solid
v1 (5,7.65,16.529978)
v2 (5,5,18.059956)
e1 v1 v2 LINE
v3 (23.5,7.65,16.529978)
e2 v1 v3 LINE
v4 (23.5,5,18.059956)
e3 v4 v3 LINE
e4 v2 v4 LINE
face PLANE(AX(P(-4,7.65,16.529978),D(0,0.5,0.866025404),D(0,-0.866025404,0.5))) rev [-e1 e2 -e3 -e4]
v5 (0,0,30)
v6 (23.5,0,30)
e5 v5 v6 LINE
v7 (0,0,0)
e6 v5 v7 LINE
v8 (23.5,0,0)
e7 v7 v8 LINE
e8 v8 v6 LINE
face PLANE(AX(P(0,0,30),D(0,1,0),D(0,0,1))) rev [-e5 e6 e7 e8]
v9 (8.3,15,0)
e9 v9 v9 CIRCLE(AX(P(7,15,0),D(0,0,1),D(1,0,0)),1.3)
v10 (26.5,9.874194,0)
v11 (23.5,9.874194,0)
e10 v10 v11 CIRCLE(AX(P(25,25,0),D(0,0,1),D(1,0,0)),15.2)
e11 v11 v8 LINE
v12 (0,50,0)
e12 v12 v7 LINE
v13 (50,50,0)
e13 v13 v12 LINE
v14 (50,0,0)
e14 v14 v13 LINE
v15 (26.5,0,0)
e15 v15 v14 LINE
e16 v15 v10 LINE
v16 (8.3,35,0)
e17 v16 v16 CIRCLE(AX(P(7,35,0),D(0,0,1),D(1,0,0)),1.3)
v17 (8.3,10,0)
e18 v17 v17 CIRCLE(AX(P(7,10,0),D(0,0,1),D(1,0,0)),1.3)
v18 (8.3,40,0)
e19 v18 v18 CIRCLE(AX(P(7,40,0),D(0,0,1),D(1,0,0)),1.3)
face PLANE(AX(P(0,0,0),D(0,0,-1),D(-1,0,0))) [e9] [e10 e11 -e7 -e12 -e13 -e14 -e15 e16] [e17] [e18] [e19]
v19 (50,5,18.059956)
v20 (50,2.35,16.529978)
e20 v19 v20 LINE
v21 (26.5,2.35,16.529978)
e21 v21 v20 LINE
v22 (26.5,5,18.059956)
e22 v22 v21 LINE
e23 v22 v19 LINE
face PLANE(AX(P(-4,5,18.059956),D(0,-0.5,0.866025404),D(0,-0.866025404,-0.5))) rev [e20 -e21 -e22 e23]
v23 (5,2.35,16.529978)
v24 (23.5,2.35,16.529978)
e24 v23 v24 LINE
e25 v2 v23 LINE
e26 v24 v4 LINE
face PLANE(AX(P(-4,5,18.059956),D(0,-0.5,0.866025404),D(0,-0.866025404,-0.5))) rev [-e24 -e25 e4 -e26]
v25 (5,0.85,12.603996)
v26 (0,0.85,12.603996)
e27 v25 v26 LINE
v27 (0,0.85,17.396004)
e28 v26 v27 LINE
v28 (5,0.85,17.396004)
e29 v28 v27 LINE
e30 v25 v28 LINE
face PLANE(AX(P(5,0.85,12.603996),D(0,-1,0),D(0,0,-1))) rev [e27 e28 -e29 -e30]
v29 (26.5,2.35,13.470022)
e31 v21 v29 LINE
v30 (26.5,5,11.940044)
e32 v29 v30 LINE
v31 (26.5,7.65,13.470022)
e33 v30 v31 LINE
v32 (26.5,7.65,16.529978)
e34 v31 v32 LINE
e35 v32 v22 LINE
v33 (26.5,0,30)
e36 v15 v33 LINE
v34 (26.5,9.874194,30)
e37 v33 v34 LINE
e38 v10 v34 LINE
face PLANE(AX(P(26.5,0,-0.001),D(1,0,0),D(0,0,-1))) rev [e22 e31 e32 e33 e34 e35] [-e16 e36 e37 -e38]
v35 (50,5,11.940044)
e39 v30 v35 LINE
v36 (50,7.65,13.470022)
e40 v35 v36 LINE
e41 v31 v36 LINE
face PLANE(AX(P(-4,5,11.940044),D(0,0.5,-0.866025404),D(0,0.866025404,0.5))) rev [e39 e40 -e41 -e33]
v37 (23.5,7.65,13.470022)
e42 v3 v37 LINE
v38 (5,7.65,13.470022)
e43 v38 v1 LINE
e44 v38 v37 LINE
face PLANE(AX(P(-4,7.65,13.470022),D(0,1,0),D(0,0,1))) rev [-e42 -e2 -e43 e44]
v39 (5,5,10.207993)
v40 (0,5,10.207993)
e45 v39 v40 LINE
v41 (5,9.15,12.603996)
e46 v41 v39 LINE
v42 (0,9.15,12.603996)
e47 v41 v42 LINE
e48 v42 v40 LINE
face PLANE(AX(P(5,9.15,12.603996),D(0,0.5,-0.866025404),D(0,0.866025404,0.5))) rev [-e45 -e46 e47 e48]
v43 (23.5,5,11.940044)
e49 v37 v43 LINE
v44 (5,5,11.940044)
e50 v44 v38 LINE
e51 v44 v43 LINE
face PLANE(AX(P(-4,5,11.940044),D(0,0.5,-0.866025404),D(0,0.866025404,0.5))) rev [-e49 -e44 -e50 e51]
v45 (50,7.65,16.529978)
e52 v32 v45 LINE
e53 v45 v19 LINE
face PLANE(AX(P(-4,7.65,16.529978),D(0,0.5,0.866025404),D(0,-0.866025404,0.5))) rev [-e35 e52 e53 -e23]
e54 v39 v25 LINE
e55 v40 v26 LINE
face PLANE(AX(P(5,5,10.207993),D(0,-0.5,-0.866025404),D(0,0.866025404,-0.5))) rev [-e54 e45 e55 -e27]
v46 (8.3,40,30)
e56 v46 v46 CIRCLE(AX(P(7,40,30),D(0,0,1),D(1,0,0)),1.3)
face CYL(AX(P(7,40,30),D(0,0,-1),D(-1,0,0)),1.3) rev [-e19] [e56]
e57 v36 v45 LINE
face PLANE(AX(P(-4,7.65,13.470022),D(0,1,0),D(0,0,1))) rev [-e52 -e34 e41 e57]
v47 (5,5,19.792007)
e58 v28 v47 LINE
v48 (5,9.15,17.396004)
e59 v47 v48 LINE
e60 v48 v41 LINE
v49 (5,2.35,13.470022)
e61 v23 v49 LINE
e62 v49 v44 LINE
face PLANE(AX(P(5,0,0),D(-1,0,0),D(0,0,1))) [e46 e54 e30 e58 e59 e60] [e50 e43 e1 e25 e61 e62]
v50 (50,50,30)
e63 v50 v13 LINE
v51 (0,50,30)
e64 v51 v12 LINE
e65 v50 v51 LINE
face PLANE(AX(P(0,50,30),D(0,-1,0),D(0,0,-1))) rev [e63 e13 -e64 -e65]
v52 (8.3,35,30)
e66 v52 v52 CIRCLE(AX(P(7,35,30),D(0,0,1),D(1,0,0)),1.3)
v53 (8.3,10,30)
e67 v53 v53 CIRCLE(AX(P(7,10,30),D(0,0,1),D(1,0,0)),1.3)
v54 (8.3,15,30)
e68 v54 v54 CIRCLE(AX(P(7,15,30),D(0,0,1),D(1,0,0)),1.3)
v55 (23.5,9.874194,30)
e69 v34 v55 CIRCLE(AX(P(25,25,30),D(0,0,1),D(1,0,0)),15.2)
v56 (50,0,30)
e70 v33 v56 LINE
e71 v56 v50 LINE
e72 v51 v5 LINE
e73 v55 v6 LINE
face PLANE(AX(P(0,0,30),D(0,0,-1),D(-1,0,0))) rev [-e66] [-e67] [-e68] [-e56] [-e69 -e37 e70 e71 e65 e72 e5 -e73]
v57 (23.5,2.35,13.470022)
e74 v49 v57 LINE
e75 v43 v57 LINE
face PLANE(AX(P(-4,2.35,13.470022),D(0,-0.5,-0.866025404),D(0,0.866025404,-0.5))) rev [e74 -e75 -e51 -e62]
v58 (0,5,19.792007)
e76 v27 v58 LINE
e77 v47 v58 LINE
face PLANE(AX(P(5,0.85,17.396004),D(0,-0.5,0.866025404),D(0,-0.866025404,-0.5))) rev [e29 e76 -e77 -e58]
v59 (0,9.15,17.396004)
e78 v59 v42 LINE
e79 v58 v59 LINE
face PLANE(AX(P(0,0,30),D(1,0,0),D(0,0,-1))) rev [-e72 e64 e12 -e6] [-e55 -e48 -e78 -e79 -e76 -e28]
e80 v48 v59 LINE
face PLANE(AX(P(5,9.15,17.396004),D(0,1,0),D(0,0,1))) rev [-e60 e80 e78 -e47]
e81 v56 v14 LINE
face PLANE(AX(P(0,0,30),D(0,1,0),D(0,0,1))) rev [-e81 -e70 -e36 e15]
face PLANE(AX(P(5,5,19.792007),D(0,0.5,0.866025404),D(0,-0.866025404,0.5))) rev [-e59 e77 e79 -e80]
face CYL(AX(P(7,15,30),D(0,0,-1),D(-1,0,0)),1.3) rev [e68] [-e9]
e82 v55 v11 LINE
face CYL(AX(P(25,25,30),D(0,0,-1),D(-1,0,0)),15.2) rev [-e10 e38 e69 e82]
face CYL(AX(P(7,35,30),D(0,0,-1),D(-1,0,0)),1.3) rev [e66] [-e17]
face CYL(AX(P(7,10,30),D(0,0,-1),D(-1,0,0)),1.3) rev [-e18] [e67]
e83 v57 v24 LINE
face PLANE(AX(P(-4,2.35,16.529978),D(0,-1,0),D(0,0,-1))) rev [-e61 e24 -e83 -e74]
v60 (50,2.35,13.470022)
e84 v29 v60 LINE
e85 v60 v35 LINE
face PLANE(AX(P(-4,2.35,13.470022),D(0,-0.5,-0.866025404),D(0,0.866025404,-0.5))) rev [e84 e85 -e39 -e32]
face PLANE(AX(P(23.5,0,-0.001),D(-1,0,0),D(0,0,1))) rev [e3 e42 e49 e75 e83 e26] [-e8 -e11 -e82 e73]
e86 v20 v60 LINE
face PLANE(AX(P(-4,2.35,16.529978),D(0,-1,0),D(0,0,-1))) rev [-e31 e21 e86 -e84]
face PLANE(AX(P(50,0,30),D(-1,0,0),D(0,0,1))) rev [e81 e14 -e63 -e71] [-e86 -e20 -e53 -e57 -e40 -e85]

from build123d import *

# Parameters (mm, degrees)
SKETCH1_W           = 50
SKETCH1_H           = 50
SKETCH1_R           = 15.2
SKETCH1_R_2         = 1.3
BOSS_EXTRUDE1_DEPTH = 30
CUT_EXTRUDE1_REACH  = 32
SKETCH2_W           = 3
SKETCH2_H           = 11.709133009
CUT_EXTRUDE2_DEPTH  = 54
CUT_EXTRUDE3_DEPTH  = 5


with BuildPart() as part:
    # Sketch1 → Boss-Extrude1 (new body)
    with BuildSketch(Plane.XY):
        with Locations((25, 25)):
            Rectangle(SKETCH1_W, SKETCH1_H)
        with Locations((25, 25)):
            Circle(SKETCH1_R, mode=Mode.SUBTRACT)
        with Locations((7, 15)):
            Circle(SKETCH1_R_2, mode=Mode.SUBTRACT)
        with Locations((7, 40)):
            Circle(SKETCH1_R_2, mode=Mode.SUBTRACT)
        with Locations((7, 10)):
            Circle(SKETCH1_R_2, mode=Mode.SUBTRACT)
        with Locations((7, 35)):
            Circle(SKETCH1_R_2, mode=Mode.SUBTRACT)
    extrude(amount=BOSS_EXTRUDE1_DEPTH)

    # Sketch2 → Cut-Extrude1 (cut, up to next)
    with BuildSketch(Plane.XY.offset(30), mode=Mode.PRIVATE) as cut_extrude1_sk1:
        with Locations((25, 5.854566505)):
            Rectangle(SKETCH2_W, SKETCH2_H)
    cut_extrude1_tool1 = extrude(cut_extrude1_sk1.sketch, amount=-CUT_EXTRUDE1_REACH, mode=Mode.PRIVATE) & part.part
    add(cut_extrude1_tool1.solids().sort_by_distance((25, 5.854567, 30))[0], mode=Mode.SUBTRACT)

    # Sketch3 → Cut-Extrude2 (cut)
    with BuildSketch(Plane(origin=(50, 0, 0), x_dir=(0, 0, -1), z_dir=(1, 0, 0))):
        Polygon((-11.940043573, 5), (-13.470021787, 7.65), (-16.529978213, 7.65), (-18.059956427, 5), (-16.529978213, 2.35), (-13.470021787, 2.35), align=None)
    extrude(amount=-CUT_EXTRUDE2_DEPTH, mode=Mode.SUBTRACT)

    # Sketch4 → Cut-Extrude3 (cut)
    with BuildSketch(Plane.ZY):
        Polygon((19.792007234, 5), (17.396003617, 9.15), (12.603996383, 9.15), (10.207992766, 5), (12.603996383, 0.85), (17.396003617, 0.85), align=None)
    extrude(amount=-CUT_EXTRUDE3_DEPTH, mode=Mode.SUBTRACT)


solid = part.part
